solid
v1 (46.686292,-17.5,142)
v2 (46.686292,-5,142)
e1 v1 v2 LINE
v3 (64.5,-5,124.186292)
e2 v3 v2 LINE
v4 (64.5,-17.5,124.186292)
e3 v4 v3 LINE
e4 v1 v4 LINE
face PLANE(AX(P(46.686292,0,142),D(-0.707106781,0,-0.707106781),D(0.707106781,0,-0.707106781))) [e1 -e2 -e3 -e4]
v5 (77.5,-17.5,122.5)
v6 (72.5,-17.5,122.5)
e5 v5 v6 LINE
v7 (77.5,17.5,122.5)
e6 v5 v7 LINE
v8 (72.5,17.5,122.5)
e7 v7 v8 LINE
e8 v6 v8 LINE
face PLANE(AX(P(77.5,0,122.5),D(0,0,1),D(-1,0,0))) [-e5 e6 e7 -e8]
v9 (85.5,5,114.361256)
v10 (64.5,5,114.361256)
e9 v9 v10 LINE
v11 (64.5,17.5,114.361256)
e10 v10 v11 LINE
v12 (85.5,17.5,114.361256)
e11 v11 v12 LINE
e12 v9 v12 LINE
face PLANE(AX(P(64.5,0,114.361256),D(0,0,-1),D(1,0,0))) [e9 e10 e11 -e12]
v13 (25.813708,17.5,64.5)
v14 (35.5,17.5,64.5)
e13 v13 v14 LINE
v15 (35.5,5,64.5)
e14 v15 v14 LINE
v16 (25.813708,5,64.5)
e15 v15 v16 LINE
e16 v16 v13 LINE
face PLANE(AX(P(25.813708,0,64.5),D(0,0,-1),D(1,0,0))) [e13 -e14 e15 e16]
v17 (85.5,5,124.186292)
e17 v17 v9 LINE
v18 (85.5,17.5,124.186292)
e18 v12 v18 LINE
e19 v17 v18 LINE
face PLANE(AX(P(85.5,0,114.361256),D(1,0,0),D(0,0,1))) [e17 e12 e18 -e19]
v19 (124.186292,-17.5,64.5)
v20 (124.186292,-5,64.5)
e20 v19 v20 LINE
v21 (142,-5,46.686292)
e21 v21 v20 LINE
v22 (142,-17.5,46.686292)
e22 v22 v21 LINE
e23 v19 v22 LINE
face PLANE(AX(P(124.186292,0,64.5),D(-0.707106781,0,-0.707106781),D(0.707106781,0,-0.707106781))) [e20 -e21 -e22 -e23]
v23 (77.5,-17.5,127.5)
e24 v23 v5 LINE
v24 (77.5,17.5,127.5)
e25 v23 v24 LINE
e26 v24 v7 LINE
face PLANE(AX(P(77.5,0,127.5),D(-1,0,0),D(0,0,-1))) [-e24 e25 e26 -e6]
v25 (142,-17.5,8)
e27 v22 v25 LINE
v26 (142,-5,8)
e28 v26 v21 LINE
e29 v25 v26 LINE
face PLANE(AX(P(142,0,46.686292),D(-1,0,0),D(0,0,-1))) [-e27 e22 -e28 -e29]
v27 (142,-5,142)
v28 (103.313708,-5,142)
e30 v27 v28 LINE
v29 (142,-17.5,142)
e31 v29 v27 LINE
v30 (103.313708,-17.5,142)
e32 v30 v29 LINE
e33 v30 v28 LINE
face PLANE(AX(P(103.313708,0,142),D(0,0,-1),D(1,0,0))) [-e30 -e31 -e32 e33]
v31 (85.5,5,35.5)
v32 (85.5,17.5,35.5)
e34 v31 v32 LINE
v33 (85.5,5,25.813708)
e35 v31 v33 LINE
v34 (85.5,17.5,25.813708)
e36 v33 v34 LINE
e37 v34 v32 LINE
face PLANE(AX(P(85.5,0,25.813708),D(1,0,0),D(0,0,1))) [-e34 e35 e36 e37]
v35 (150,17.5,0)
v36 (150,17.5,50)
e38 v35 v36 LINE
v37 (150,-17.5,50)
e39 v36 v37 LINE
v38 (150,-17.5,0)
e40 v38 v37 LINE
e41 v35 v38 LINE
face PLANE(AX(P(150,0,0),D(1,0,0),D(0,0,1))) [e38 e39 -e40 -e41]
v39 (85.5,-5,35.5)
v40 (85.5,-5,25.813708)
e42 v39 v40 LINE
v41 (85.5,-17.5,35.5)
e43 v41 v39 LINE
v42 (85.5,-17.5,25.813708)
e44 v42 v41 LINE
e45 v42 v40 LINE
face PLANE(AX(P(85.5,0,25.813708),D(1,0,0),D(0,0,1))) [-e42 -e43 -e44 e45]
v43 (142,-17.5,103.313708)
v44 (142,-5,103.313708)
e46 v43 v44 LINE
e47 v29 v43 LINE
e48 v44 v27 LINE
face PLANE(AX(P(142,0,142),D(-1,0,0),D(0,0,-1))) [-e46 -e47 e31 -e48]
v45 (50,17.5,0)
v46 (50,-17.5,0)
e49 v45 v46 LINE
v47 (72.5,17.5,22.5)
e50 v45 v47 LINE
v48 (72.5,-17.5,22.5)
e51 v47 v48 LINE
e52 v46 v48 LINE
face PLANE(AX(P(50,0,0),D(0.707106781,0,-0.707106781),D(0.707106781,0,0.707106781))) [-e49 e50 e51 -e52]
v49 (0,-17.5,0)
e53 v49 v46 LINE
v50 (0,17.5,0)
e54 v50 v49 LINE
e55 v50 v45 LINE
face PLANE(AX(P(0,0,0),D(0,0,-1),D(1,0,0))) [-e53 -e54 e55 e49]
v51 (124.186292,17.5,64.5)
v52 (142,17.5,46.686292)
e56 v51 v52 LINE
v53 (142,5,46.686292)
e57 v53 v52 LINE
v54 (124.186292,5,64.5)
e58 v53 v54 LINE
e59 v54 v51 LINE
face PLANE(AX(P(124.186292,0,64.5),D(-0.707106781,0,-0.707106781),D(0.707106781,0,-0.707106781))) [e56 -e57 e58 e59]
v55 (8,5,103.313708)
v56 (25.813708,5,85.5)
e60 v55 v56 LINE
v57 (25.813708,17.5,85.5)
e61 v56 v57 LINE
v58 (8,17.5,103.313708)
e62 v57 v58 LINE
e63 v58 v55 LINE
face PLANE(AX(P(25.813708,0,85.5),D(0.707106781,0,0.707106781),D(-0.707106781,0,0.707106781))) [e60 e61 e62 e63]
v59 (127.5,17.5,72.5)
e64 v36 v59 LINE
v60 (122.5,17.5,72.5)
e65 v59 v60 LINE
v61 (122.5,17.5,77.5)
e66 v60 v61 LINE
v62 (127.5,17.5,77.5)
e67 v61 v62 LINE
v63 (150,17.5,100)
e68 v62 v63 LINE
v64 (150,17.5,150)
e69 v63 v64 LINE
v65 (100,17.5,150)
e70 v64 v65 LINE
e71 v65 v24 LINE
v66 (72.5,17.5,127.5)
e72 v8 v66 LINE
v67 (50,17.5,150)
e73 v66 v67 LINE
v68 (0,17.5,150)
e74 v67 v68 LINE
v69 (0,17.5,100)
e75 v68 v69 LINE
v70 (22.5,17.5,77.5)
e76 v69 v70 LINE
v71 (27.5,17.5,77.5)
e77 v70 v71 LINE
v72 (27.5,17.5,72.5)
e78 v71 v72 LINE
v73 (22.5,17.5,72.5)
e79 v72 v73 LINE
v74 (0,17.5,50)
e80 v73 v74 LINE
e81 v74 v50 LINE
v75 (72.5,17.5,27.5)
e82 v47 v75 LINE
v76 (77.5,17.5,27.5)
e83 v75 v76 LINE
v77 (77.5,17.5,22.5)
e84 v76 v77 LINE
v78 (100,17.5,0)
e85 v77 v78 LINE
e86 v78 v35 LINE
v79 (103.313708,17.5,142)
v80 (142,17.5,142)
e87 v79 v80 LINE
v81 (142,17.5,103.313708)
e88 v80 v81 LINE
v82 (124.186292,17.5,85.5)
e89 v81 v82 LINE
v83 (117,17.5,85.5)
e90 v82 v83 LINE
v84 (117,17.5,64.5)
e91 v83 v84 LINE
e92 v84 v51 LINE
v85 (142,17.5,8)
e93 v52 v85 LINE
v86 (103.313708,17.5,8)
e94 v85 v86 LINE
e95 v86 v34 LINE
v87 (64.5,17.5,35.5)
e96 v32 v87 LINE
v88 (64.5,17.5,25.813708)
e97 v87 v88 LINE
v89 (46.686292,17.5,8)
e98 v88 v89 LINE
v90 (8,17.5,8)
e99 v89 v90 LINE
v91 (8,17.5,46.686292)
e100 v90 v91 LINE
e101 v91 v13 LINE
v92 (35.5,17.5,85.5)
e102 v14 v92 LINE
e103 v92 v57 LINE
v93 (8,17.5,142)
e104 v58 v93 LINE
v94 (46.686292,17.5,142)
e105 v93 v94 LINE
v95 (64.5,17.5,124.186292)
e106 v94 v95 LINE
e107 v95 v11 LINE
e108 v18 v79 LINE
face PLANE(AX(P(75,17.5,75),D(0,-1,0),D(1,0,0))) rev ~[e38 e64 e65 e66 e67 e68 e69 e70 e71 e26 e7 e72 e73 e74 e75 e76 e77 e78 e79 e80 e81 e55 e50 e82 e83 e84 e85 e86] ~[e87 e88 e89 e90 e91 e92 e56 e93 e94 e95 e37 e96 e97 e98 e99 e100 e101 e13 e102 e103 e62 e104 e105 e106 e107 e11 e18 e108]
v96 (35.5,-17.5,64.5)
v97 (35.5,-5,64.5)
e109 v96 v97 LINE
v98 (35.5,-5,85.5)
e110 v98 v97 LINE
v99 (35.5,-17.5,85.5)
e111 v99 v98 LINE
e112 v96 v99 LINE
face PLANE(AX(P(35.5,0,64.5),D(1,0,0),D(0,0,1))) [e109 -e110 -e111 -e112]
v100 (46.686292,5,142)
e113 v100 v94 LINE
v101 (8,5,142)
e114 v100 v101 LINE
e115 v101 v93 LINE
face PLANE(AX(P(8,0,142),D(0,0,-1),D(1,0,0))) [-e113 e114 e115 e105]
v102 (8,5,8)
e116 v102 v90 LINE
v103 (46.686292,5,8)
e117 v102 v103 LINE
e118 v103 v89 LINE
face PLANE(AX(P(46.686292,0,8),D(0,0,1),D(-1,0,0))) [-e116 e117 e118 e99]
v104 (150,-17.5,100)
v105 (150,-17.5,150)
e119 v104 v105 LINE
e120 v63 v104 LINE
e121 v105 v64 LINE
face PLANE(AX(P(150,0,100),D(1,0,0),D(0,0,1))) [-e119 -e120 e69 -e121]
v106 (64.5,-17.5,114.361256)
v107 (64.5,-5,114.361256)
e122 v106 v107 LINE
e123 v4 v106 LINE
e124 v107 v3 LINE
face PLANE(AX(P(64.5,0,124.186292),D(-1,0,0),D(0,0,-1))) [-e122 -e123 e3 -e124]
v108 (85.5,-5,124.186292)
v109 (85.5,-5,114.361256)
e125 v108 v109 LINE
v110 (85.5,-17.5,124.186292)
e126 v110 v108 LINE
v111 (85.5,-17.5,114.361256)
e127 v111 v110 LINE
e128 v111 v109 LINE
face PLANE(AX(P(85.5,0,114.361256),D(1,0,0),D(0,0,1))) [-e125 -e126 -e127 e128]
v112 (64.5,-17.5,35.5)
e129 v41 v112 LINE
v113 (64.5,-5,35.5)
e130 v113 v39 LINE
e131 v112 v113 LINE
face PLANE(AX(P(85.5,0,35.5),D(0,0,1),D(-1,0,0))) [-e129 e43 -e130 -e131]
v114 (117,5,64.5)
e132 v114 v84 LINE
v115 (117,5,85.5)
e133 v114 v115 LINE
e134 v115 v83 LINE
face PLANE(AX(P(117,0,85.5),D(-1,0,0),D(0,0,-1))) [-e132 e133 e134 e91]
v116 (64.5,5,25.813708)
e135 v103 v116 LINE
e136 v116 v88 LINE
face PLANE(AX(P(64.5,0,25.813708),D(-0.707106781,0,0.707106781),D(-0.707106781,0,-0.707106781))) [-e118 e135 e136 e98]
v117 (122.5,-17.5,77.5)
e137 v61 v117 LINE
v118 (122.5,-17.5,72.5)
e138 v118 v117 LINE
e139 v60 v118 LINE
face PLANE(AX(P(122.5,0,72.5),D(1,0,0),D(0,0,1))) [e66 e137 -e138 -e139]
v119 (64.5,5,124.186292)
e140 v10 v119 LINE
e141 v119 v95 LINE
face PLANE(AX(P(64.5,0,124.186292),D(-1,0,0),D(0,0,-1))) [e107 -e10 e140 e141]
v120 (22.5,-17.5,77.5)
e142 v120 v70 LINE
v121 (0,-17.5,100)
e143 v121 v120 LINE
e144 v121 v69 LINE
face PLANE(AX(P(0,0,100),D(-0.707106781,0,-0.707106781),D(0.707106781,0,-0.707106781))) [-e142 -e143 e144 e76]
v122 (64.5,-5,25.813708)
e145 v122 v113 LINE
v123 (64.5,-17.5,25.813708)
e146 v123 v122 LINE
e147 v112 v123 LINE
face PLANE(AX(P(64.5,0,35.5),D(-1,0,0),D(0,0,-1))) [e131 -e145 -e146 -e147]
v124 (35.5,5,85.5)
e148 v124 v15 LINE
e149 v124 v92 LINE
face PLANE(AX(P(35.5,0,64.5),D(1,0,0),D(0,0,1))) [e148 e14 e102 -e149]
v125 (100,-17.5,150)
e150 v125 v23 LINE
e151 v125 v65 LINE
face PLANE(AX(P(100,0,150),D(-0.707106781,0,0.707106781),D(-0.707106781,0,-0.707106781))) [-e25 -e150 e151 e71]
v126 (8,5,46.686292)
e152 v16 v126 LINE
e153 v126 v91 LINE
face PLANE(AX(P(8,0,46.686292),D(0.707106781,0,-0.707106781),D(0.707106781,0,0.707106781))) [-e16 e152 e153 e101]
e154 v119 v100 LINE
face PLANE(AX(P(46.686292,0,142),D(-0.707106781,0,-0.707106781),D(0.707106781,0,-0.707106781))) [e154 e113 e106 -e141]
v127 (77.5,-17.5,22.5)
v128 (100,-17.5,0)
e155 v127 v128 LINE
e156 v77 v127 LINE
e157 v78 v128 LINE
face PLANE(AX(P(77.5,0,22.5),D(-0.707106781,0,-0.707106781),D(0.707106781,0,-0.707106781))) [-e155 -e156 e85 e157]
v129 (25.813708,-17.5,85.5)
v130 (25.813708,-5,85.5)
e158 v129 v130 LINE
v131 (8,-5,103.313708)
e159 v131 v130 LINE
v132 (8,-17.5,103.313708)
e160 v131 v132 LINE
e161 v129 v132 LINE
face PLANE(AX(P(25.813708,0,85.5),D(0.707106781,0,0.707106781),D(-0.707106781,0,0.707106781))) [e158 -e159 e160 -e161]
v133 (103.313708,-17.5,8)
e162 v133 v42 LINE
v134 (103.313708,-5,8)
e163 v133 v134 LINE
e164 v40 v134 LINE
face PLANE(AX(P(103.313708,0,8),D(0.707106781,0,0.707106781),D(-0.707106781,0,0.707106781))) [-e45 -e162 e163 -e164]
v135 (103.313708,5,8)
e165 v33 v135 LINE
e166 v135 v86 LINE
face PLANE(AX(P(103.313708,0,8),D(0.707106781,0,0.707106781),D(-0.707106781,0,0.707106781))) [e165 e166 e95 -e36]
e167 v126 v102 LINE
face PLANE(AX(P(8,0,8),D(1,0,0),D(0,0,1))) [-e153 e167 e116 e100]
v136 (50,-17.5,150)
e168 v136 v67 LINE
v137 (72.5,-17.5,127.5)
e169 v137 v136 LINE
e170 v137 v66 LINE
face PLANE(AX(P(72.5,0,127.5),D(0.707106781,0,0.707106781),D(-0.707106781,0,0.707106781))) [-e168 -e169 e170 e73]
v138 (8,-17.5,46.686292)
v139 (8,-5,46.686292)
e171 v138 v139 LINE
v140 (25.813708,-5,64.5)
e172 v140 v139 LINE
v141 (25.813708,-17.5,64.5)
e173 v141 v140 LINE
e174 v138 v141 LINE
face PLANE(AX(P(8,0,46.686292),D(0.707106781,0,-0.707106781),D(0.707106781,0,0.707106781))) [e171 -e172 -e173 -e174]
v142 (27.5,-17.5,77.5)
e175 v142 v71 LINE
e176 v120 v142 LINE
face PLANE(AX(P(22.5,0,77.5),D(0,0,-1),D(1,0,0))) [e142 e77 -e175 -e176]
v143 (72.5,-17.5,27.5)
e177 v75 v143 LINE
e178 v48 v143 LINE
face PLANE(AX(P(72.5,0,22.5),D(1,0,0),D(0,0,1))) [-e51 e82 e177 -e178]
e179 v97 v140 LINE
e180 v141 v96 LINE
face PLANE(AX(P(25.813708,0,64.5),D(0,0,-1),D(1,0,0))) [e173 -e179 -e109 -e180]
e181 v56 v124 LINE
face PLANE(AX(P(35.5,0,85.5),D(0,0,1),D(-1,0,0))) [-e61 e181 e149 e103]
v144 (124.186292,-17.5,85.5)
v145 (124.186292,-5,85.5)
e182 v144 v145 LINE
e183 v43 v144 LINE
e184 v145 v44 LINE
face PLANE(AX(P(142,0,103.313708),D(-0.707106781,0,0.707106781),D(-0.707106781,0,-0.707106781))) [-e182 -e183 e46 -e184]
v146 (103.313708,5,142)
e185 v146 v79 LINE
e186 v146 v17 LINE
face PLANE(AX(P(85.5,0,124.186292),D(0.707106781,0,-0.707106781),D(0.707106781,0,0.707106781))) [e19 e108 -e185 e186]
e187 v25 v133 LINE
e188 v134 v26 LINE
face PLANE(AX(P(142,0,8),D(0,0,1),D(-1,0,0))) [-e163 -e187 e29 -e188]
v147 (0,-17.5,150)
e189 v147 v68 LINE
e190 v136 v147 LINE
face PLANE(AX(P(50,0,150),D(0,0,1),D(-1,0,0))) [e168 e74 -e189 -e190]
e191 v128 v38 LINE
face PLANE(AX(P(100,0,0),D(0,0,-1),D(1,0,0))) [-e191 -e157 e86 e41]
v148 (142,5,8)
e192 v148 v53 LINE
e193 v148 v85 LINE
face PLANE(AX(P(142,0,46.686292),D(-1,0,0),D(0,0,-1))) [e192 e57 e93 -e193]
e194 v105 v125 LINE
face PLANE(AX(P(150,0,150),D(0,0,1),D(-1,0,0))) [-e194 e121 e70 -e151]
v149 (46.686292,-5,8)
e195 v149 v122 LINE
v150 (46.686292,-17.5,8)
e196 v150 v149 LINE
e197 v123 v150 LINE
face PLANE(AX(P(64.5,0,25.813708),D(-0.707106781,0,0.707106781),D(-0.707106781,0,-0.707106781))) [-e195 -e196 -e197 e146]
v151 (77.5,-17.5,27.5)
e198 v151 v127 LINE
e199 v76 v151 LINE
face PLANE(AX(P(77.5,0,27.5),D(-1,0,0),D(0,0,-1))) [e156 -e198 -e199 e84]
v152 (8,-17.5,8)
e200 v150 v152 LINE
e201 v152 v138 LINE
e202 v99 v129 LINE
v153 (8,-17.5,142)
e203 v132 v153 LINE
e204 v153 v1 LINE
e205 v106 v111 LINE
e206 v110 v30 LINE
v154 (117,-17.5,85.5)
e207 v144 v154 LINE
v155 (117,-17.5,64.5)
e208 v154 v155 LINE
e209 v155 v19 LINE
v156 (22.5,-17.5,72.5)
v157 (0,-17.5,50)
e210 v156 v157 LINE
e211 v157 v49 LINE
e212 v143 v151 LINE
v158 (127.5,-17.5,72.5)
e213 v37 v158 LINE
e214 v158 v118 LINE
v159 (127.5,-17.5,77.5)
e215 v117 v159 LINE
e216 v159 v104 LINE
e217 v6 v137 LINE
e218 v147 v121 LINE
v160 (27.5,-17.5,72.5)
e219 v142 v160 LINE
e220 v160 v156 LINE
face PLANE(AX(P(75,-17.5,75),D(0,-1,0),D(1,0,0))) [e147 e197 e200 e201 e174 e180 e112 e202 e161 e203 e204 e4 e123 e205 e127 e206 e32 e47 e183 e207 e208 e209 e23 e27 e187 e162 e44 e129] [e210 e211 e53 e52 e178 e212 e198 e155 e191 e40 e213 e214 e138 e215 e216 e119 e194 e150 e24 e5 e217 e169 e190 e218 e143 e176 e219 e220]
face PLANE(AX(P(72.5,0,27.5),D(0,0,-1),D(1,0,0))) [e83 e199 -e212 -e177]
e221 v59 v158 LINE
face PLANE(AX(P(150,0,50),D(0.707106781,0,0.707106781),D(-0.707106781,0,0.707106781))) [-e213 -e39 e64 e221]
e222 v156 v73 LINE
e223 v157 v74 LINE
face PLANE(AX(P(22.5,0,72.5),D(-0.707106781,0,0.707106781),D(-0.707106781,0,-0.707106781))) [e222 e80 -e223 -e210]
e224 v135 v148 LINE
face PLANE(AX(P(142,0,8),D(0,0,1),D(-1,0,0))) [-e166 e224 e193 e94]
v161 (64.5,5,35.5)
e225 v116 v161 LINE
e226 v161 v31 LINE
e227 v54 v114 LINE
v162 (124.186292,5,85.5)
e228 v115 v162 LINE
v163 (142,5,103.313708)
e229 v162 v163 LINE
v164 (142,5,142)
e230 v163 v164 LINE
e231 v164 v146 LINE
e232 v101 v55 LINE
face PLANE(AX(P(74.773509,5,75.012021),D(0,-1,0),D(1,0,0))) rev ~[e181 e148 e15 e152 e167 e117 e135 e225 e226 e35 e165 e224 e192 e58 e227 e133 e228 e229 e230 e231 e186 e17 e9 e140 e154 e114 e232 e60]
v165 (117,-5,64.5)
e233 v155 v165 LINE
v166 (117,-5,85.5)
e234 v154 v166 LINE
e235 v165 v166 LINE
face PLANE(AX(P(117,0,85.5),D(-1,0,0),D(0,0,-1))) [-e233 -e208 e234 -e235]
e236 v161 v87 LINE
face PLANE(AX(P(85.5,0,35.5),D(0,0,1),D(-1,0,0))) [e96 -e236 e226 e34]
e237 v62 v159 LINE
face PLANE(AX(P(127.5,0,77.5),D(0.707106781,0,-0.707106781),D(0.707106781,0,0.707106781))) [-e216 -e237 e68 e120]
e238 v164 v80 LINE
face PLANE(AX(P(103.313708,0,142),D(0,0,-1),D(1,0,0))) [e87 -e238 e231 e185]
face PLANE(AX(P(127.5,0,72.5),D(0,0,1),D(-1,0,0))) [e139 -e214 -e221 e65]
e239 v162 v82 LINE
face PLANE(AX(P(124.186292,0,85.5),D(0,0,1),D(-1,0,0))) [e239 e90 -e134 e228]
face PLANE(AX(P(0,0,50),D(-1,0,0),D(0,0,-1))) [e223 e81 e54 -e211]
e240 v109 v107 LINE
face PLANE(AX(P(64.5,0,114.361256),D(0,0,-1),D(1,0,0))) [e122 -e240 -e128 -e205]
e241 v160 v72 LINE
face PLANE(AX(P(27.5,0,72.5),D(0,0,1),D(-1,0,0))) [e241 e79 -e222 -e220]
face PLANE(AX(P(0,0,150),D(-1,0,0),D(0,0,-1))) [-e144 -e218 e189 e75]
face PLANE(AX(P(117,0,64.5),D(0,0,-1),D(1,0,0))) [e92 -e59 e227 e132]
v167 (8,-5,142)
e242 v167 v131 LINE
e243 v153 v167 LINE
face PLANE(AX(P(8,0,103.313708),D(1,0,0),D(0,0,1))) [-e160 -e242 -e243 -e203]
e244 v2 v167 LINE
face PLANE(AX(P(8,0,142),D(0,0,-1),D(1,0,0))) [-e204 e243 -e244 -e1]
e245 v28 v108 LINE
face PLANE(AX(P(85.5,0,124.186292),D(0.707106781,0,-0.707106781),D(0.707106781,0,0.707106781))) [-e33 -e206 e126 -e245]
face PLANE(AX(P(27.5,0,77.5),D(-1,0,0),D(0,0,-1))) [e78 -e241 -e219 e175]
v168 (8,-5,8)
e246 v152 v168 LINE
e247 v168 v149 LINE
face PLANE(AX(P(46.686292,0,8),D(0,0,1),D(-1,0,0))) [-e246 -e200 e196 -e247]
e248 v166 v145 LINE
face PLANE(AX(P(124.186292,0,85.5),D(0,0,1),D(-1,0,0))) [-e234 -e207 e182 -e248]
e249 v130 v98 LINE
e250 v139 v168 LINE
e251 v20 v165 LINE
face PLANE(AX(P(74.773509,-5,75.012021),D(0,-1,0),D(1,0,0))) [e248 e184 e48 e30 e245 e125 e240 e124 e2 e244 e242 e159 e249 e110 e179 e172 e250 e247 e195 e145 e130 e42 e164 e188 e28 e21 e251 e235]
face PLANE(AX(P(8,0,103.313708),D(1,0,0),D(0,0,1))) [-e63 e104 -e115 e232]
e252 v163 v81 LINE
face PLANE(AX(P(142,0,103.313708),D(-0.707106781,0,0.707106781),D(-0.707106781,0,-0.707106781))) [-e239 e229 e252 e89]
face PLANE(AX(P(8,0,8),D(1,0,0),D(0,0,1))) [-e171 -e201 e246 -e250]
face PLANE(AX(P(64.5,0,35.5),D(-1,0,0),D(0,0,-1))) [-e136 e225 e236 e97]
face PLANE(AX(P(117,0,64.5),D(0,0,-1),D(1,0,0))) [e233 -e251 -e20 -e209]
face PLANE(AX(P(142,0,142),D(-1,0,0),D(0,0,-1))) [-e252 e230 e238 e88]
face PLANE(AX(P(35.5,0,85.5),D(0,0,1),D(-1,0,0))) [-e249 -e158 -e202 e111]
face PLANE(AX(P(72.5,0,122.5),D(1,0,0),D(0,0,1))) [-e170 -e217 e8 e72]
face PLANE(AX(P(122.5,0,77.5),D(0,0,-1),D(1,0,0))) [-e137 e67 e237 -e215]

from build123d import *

# Parameters (mm, degrees)
F1_DEPTH = 17.5
F2_DEPTH = 5


with BuildPart() as f1:
    # F0 (on Front) → F1 (new body, symmetric)
    with BuildSketch(Plane.XZ):
        Polygon((0, 50), (0, 0), (50, 0), (72.5, 22.5), (72.5, 27.5), (77.5, 27.5), (77.5, 22.5), (100, 0), (150, 0), (150, 50), (127.5, 72.5), (122.5, 72.5), (122.5, 77.5), (127.5, 77.5), (150, 100), (150, 150), (100, 150), (77.5, 127.5), (77.5, 122.5), (72.5, 122.5), (72.5, 127.5), (50, 150), (0, 150), (0, 100), (22.5, 77.5), (27.5, 77.5), (27.5, 72.5), (22.5, 72.5), align=None)
        Polygon((8, 103.313708), (8, 142), (46.686292, 142), (64.5, 124.186292), (64.5, 114.361256), (85.5, 114.361256), (85.5, 124.186292), (103.313708, 142), (142, 142), (142, 103.313708), (124.186292, 85.5), (117, 85.5), (117, 64.5), (124.186292, 64.5), (142, 46.686292), (142, 8), (103.313708, 8), (85.5, 25.813708), (85.5, 35.5), (64.5, 35.5), (64.5, 25.813708), (46.686292, 8), (8, 8), (8, 46.686292), (25.813708, 64.5), (35.5, 64.5), (35.5, 85.5), (25.813708, 85.5), align=None, mode=Mode.SUBTRACT)
    extrude(amount=F1_DEPTH, both=True)

    # F0 (on Front) → F2 (join, symmetric)
    with BuildSketch(Plane.XZ):
        Polygon((46.686292, 142), (8, 142), (8, 103.313708), (25.813708, 85.5), (35.5, 85.5), (35.5, 64.5), (25.813708, 64.5), (8, 46.686292), (8, 8), (46.686292, 8), (64.5, 25.813708), (64.5, 35.5), (85.5, 35.5), (85.5, 25.813708), (103.313708, 8), (142, 8), (142, 46.686292), (124.186292, 64.5), (117, 64.5), (117, 85.5), (124.186292, 85.5), (142, 103.313708), (142, 142), (103.313708, 142), (85.5, 124.186292), (85.5, 114.361256), (64.5, 114.361256), (64.5, 124.186292), align=None)
    extrude(amount=F2_DEPTH, both=True)


solid = f1.part
